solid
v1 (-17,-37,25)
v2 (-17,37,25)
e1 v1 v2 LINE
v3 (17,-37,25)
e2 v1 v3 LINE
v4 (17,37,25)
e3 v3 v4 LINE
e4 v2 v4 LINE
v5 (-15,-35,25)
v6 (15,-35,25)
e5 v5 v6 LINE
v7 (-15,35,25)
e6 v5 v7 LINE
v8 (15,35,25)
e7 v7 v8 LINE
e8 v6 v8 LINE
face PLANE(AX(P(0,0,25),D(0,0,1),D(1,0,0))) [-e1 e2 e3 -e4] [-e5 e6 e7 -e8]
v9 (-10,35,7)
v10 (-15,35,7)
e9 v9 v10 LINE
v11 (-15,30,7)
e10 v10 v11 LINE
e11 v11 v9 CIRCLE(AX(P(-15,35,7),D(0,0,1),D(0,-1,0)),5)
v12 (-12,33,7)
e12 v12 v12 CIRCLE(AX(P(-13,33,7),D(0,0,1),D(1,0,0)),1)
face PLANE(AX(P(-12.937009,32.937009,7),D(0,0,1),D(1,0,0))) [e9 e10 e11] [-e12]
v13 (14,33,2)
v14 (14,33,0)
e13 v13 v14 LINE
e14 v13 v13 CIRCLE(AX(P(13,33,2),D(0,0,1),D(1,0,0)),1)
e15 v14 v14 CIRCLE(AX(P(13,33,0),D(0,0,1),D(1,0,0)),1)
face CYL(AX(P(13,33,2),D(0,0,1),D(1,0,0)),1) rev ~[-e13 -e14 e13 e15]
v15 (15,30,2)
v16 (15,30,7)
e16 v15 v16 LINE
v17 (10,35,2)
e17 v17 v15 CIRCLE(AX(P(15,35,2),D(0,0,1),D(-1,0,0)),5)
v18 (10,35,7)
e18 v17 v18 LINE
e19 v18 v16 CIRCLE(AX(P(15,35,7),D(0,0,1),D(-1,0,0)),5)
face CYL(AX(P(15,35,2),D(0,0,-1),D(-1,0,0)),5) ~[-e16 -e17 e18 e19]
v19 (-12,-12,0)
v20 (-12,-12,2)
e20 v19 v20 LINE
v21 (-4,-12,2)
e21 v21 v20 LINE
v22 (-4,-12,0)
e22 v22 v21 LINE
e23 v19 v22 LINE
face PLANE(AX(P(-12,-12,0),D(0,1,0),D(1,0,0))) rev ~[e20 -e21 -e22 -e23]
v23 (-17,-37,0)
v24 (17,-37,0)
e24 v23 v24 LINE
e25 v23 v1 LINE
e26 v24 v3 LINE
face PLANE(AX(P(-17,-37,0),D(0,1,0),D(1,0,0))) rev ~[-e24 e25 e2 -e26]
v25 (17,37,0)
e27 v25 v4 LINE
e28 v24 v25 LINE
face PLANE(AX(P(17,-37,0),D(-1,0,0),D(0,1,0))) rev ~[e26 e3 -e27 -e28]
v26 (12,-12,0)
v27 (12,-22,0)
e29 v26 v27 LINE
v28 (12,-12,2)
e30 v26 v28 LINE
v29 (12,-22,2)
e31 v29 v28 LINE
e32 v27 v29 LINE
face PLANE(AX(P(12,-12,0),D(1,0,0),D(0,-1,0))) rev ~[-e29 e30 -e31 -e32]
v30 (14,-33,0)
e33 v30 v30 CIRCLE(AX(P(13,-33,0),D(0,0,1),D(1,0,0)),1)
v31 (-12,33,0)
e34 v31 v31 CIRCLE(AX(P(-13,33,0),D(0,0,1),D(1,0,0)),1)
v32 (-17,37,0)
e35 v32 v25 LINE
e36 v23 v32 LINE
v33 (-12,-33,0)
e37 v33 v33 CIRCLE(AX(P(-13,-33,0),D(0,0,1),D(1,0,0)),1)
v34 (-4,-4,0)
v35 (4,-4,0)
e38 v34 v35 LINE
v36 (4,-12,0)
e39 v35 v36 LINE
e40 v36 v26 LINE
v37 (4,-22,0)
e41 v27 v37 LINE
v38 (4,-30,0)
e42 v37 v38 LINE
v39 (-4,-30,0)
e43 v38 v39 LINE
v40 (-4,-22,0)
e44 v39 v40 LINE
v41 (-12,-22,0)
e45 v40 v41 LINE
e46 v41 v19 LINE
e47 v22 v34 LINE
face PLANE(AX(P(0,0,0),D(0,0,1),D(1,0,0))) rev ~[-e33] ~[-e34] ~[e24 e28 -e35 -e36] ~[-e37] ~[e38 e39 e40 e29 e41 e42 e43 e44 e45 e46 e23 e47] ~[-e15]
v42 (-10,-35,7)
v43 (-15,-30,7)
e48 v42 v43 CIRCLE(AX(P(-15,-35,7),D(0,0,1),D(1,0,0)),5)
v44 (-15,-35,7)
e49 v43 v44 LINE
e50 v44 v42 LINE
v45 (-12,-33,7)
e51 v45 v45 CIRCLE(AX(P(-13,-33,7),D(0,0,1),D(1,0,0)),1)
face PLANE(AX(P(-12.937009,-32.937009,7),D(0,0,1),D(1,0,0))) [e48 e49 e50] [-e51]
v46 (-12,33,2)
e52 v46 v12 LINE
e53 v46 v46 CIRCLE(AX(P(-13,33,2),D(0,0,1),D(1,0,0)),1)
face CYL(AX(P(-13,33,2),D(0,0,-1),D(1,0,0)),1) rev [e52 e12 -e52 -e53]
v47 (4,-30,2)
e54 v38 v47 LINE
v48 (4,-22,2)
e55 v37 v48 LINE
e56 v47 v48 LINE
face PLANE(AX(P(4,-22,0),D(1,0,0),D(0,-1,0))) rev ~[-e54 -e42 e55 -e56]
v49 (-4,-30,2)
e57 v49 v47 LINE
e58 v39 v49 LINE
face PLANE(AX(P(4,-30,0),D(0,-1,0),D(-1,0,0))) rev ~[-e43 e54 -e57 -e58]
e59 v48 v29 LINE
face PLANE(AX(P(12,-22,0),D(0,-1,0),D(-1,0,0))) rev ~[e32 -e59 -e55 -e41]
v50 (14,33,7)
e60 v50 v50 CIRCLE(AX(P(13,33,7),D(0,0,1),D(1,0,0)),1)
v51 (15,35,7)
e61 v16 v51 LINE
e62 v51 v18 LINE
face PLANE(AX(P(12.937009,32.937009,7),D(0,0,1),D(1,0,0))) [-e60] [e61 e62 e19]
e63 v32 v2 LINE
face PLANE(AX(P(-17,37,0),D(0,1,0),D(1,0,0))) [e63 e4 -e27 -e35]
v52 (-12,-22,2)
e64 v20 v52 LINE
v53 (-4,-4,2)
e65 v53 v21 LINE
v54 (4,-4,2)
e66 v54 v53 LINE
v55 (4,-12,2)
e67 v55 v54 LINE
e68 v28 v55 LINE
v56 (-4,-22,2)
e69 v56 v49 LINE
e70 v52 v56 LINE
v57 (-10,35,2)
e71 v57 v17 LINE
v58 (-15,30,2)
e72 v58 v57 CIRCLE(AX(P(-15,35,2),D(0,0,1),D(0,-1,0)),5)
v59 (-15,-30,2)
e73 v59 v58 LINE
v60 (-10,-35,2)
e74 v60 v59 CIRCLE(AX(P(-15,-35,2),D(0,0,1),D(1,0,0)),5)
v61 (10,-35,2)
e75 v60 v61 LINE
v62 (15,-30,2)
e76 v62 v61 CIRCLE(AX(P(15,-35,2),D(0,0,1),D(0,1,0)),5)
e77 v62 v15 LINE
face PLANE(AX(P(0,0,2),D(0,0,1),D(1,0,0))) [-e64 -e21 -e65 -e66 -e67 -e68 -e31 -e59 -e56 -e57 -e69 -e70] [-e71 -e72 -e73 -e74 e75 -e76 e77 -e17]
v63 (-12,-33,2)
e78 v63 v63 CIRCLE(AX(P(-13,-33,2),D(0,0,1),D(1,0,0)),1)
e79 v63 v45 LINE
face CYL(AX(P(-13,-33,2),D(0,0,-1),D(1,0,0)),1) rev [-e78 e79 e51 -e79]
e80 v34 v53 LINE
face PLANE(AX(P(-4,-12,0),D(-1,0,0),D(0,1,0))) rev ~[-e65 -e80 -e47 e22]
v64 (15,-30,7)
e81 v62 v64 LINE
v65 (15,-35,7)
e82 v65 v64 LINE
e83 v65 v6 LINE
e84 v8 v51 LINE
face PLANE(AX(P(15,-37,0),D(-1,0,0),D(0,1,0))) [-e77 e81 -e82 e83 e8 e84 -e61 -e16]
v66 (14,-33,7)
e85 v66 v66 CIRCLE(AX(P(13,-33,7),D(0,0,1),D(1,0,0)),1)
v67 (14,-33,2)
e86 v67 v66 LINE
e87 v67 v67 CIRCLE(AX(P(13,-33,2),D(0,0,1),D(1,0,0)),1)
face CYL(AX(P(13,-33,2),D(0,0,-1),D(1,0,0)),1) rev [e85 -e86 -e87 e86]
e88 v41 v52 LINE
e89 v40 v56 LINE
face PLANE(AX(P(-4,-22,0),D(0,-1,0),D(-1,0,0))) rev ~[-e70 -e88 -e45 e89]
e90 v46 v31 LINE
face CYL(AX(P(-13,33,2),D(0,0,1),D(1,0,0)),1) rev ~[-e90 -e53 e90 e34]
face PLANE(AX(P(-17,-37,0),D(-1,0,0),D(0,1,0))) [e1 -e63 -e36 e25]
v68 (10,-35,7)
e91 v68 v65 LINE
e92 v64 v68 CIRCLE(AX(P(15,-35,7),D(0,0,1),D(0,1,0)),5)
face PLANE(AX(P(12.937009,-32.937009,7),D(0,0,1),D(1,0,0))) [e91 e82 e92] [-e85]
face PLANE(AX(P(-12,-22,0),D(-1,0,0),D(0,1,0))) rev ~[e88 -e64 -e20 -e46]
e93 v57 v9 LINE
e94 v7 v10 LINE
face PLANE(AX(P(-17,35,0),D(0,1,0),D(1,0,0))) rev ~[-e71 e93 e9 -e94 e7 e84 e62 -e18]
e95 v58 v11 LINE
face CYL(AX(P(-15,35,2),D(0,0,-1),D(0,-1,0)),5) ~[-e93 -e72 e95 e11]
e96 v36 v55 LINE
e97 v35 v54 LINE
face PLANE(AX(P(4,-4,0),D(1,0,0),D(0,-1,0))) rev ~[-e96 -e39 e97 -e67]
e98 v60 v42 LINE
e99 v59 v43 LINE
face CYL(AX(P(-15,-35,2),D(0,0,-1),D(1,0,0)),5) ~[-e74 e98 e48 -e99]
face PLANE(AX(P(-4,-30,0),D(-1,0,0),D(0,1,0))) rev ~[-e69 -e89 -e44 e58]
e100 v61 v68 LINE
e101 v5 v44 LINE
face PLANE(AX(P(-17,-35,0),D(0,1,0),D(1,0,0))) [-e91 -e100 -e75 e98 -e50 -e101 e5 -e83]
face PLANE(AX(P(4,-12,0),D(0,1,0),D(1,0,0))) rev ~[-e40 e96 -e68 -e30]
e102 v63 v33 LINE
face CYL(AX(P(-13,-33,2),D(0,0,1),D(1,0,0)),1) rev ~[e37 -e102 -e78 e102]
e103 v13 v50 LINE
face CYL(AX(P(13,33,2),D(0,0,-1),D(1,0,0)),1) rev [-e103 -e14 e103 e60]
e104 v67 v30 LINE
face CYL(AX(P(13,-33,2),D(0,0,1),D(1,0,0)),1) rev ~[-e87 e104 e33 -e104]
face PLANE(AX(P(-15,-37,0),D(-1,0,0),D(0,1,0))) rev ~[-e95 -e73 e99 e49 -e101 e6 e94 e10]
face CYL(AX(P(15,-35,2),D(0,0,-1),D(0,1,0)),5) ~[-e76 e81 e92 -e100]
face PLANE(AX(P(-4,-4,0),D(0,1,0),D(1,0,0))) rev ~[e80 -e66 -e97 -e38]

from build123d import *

# Parameters (mm, degrees)
F0_W     = 34
F0_H     = 74
F1_DEPTH = 25
F2_T     = -2
F3_R     = 1
F4_DEPTH = 25
F5_R     = 1
F6_DEPTH = 5
F8_DEPTH = 25


with BuildPart() as f1:
    # F0 (on Top) → F1 (new body)
    with BuildSketch(Plane.XY):
        Rectangle(F0_W, F0_H)
    extrude(amount=F1_DEPTH)

    # F2
    f2_openings = [f1.faces().sort_by_distance(p)[0] for p in [
        (0, 0, 25),
    ]]
    offset(amount=F2_T, openings=f2_openings)

    # F3 (on face) → F4 (cut)
    with BuildSketch(Plane.XY.offset(2)):
        with Locations((13, 33)):
            Circle(F3_R)
        with Locations((-13, 33)):
            Circle(F3_R)
        with Locations((13, -33)):
            Circle(F3_R)
        with Locations((-13, -33)):
            Circle(F3_R)
    extrude(amount=-F4_DEPTH, mode=Mode.SUBTRACT)

    # F5 (on face) → F6 (join)
    with BuildSketch(Plane.XY.offset(2)):
        with BuildLine():
            Line((15, -35), (15, -30))
            ThreePointArc((15, -30), (11.4644660941, -31.4644660941), (10, -35))
            Line((10, -35), (15, -35))
        make_face()
        with Locations((13, -33)):
            Circle(F5_R, mode=Mode.SUBTRACT)
        with BuildLine():
            ThreePointArc((-10, -35), (-11.4644660941, -31.4644660941), (-15, -30))
            Line((-15, -30), (-15, -35))
            Line((-15, -35), (-10, -35))
        make_face()
        with Locations((-13, -33)):
            Circle(F5_R, mode=Mode.SUBTRACT)
        with BuildLine():
            ThreePointArc((-15, 30), (-11.4644660941, 31.4644660941), (-10, 35))
            Line((-10, 35), (-15, 35))
            Line((-15, 35), (-15, 30))
        make_face()
        with Locations((-13, 33)):
            Circle(F5_R, mode=Mode.SUBTRACT)
        with BuildLine():
            Line((15, 35), (10, 35))
            ThreePointArc((10, 35), (11.4644660941, 31.4644660941), (15, 30))
            Line((15, 30), (15, 35))
        make_face()
        with Locations((13, 33)):
            Circle(F5_R, mode=Mode.SUBTRACT)
    extrude(amount=F6_DEPTH)

    # F7 (on face) → F8 (cut)
    with BuildSketch(Plane(origin=(0, 0, 0), x_dir=(1, 0, 0), z_dir=(0, 0, -1))):
        Polygon((4, 22), (4, 30), (-4, 30), (-4, 22), (-12, 22), (-12, 12), (-4, 12), (-4, 4), (4, 4), (4, 12), (12, 12), (12, 22), align=None)
    extrude(amount=-F8_DEPTH, mode=Mode.SUBTRACT)


solid = f1.part
